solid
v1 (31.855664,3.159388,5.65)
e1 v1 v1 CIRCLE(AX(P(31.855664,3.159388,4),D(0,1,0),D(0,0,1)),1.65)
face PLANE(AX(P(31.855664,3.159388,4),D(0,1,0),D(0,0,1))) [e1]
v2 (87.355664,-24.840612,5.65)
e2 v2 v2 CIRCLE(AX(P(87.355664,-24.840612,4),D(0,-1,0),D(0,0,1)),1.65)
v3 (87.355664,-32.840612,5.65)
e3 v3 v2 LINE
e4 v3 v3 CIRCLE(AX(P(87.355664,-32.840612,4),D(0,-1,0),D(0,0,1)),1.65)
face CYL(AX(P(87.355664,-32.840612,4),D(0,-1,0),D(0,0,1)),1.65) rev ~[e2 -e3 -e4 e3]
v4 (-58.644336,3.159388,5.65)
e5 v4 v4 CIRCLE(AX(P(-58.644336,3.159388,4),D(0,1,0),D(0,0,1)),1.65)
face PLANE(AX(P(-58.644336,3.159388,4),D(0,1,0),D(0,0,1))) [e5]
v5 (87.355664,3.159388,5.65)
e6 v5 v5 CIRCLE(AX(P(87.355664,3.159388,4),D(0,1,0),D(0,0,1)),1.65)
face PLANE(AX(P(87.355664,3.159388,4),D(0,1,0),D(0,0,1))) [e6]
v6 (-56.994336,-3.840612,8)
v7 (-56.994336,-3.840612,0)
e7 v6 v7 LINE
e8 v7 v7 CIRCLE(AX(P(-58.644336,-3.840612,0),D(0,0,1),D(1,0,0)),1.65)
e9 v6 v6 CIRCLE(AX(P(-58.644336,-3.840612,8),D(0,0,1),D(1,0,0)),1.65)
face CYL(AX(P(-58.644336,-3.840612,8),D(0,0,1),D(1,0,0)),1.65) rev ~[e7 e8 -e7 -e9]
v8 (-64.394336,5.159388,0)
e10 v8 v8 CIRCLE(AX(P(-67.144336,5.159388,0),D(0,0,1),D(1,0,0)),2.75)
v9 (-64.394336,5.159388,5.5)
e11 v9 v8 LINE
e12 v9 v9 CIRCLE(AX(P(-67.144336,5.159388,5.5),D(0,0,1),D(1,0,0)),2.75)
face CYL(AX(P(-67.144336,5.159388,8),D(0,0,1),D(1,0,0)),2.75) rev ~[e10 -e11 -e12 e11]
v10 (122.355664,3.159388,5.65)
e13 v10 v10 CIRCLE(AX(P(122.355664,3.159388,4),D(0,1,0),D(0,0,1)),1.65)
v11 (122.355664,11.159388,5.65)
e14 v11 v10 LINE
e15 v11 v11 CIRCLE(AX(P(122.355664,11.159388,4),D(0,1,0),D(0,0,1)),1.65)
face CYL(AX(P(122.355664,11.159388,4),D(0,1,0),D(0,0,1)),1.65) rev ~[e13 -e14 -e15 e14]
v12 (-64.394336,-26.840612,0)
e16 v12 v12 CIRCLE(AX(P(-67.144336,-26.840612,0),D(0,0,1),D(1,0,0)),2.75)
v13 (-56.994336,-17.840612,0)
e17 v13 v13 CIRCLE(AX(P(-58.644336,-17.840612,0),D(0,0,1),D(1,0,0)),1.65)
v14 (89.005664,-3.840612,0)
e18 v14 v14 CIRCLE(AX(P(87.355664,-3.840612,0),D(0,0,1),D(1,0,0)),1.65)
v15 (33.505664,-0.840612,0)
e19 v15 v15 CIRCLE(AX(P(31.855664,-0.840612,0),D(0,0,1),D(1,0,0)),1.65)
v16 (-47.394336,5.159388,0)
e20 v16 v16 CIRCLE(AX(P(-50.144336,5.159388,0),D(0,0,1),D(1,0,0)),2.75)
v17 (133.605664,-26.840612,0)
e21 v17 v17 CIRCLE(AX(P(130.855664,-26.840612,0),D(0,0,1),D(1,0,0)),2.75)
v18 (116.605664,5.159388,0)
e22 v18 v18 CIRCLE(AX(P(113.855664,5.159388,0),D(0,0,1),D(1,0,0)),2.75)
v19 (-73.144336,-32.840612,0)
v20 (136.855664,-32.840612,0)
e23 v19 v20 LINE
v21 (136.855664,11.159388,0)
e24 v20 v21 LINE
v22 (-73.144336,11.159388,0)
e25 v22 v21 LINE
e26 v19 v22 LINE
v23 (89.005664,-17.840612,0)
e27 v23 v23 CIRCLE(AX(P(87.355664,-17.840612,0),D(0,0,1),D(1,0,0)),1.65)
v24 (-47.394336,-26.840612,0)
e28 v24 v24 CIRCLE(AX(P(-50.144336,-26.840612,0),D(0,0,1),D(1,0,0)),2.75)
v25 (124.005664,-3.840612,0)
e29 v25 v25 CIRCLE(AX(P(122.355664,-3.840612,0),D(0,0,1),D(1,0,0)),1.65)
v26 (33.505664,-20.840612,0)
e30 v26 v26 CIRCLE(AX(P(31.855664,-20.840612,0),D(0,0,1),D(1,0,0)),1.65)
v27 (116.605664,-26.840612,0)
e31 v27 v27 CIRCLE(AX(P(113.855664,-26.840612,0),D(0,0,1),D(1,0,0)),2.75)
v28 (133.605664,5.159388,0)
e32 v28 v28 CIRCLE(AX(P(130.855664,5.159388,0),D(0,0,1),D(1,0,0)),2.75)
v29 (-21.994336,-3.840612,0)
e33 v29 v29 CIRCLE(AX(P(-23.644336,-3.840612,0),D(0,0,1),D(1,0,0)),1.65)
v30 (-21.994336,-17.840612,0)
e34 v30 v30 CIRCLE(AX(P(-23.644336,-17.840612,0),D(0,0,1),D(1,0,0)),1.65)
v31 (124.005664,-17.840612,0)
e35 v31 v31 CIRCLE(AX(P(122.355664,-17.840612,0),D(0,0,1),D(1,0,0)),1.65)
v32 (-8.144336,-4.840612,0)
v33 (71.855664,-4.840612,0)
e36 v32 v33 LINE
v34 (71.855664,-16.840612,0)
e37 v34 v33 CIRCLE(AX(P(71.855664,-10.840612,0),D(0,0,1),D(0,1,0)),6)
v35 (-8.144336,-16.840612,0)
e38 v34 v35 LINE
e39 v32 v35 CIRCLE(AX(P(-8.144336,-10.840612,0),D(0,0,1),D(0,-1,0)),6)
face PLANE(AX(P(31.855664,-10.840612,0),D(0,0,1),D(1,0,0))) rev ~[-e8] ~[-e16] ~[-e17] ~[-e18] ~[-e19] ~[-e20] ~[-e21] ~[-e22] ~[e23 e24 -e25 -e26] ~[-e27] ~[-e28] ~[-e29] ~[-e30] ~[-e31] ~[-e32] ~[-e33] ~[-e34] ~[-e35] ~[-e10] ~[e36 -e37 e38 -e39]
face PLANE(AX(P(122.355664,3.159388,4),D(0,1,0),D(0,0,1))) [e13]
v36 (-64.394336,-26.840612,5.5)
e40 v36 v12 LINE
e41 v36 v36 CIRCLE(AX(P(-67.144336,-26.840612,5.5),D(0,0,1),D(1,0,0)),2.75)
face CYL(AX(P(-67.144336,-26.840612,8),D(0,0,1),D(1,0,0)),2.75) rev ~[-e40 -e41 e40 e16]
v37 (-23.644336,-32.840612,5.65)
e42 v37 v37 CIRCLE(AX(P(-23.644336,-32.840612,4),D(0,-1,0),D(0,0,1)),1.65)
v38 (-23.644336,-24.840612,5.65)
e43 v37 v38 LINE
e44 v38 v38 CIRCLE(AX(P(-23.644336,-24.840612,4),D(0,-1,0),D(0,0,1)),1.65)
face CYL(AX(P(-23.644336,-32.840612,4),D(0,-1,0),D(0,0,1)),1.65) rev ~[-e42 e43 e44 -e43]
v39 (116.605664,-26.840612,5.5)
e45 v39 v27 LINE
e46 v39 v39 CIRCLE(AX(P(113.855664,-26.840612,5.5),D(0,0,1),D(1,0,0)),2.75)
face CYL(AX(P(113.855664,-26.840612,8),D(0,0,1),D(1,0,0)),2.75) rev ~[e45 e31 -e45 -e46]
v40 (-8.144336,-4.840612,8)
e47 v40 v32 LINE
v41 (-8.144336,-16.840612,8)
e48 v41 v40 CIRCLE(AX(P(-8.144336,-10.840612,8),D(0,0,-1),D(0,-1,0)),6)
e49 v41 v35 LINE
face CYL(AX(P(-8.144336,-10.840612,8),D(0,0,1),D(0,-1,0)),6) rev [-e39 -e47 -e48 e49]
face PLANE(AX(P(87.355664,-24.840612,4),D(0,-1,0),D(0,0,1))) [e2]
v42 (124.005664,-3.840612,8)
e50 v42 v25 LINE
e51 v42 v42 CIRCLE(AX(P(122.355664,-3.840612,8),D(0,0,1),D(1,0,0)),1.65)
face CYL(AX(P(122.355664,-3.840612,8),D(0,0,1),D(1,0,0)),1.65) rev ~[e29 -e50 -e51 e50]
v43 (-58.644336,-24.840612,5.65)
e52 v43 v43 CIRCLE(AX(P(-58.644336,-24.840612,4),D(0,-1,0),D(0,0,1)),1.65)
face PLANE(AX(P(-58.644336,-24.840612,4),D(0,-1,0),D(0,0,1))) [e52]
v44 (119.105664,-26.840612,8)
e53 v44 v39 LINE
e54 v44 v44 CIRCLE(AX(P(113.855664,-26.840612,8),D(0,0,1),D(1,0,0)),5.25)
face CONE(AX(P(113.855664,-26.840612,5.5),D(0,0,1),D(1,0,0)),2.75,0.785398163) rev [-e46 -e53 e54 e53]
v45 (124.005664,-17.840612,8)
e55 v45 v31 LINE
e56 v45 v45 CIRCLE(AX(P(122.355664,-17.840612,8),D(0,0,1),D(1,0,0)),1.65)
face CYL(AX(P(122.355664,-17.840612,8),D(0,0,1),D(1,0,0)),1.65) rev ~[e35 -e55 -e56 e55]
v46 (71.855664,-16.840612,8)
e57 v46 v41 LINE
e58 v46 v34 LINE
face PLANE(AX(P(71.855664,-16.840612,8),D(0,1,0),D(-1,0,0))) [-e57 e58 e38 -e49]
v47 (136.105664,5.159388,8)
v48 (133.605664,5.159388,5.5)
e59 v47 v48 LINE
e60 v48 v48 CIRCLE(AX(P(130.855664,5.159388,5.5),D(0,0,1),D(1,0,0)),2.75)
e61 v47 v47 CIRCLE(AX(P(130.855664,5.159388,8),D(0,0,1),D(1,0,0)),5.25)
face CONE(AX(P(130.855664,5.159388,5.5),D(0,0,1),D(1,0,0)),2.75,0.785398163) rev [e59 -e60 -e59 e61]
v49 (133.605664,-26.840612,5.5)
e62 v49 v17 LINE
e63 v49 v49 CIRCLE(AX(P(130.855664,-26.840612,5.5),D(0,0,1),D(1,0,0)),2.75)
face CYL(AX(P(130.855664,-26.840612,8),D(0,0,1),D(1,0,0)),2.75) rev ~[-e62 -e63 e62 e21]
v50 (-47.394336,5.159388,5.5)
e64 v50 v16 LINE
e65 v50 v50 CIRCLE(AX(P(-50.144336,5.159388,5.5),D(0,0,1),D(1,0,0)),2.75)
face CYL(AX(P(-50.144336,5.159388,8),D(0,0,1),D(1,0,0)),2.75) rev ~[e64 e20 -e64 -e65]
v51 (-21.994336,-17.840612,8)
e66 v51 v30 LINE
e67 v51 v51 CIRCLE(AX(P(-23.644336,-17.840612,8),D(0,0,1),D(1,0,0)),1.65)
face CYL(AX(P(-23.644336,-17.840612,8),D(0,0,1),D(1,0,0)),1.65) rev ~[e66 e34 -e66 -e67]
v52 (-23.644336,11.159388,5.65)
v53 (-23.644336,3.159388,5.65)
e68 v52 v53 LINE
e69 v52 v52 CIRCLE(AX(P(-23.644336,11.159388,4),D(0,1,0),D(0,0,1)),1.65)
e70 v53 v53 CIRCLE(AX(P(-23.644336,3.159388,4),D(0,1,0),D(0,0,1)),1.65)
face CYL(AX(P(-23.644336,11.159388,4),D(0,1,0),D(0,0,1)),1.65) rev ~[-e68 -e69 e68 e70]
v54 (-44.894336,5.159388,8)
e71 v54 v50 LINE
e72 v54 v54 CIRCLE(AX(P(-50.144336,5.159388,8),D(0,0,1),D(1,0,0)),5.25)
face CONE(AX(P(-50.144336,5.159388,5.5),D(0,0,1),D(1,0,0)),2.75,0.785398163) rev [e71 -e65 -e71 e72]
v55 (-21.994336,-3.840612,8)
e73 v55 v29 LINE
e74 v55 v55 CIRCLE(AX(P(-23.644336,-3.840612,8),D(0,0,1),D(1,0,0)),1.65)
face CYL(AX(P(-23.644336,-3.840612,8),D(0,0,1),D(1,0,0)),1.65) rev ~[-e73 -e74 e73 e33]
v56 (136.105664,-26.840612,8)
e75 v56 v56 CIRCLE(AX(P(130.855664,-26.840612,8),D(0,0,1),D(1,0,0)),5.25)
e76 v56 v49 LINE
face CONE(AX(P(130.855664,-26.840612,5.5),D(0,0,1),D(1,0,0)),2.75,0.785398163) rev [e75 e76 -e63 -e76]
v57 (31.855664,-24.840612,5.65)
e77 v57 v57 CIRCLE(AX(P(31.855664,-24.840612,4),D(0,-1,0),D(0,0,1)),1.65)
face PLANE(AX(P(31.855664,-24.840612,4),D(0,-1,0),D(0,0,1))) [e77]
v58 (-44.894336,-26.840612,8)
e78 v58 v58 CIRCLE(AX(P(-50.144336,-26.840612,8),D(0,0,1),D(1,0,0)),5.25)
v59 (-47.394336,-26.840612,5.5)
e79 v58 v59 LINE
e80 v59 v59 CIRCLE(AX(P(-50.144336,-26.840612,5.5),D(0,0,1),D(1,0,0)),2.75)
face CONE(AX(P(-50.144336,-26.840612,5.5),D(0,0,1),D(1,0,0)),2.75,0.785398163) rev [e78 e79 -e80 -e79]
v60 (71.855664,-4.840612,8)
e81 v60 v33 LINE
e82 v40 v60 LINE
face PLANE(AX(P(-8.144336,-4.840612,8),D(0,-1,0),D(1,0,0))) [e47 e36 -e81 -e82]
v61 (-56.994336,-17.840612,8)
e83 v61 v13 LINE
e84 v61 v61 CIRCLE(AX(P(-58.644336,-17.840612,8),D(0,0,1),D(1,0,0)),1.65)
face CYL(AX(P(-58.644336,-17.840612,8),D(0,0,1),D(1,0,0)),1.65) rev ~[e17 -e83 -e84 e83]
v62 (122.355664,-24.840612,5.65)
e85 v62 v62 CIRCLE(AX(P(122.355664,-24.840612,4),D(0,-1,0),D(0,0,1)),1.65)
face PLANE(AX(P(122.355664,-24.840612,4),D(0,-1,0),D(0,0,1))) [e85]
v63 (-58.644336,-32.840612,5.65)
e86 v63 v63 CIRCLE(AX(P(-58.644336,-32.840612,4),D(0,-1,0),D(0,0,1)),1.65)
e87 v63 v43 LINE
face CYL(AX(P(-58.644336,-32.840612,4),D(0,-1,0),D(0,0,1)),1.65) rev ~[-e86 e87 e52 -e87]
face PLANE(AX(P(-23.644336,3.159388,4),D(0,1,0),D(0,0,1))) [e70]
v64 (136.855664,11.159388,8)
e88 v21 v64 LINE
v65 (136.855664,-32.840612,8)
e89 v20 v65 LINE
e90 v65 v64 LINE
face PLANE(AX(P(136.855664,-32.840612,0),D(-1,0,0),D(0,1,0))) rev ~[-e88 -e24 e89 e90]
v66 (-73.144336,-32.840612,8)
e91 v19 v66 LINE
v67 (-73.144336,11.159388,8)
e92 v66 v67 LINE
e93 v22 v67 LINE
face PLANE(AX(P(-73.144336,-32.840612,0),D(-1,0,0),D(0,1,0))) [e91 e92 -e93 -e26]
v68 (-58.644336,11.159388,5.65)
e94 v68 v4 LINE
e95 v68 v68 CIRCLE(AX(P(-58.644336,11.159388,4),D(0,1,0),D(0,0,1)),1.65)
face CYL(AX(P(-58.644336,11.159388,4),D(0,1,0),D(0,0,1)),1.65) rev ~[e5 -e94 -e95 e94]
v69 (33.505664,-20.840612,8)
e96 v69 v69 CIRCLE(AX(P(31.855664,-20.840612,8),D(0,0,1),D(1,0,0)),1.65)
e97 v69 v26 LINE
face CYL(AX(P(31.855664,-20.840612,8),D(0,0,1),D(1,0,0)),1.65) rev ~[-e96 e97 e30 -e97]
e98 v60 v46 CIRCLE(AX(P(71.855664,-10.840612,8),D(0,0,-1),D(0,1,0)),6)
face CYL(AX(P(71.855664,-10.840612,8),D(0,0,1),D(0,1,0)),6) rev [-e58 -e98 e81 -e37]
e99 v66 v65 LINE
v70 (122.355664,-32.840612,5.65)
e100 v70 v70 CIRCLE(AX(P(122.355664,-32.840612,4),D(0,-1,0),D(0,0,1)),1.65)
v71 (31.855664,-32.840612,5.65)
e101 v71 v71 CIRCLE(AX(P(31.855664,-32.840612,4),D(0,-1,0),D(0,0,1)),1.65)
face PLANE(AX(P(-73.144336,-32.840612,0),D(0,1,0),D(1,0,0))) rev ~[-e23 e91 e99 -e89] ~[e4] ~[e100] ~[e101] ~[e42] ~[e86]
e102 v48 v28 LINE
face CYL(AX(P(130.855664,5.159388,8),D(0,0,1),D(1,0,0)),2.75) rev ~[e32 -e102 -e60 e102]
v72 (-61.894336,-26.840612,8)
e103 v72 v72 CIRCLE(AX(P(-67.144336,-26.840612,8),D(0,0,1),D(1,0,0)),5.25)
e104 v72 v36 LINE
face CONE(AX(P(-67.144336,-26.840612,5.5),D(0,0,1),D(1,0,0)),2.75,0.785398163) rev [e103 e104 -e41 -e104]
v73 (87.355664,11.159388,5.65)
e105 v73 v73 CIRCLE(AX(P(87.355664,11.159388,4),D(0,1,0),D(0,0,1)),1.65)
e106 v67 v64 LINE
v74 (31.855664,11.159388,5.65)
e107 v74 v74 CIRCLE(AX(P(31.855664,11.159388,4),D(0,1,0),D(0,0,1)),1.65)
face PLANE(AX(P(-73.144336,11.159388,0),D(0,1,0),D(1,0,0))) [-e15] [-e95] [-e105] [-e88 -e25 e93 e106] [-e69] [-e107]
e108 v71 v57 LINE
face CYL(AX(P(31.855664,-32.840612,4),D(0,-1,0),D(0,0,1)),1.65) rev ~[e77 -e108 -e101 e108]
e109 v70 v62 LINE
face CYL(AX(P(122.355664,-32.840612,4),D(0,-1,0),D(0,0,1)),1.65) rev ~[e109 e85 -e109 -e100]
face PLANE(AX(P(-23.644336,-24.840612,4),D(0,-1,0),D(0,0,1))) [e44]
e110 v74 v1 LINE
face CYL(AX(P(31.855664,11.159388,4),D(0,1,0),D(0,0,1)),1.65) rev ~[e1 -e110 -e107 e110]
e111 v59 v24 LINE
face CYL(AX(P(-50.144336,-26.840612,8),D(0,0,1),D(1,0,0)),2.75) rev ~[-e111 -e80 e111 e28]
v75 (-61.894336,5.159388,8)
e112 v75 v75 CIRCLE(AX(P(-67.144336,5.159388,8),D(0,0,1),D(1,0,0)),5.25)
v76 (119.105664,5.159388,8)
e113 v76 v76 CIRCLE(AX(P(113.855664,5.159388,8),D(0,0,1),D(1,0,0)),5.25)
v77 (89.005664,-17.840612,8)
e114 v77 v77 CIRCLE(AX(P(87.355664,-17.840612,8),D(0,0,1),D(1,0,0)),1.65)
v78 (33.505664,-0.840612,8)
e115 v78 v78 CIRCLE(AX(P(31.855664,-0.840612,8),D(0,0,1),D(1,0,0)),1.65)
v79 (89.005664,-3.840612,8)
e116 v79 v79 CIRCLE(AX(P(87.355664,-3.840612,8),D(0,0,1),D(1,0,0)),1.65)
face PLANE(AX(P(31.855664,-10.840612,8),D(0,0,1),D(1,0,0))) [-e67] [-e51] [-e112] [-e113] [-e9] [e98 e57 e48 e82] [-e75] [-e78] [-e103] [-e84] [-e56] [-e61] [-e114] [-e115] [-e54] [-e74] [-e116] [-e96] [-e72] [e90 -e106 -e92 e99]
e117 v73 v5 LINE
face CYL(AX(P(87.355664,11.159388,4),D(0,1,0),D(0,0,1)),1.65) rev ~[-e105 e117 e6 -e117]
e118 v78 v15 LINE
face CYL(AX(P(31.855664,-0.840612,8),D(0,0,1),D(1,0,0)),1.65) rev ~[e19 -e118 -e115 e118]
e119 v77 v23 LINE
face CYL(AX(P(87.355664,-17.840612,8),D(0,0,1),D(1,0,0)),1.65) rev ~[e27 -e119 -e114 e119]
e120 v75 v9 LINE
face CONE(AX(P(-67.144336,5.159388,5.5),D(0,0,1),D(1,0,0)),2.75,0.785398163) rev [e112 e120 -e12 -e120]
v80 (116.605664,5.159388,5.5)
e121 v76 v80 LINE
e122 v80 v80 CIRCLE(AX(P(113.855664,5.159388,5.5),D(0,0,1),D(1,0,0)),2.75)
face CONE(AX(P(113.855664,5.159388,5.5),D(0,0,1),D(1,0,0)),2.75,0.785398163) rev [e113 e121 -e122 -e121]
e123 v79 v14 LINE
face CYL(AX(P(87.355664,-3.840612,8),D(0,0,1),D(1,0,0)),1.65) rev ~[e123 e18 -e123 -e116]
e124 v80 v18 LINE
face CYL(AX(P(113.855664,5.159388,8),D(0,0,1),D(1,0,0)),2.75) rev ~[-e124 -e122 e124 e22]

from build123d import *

# Parameters (mm, degrees)
ESQUISSE1_W             = 210
ESQUISSE1_H             = 44
BOSS_EXTRU_1_DEPTH      = 8
ESQUISSE2_R             = 2.75
ENL_V_MAT_EXTRU_1_DEPTH = 9
CHANFREIN1_SIZE         = 2.5
ENL_V_MAT_EXTRU_2_DEPTH = 9
ESQUISSE4_R             = 1.65
ENL_V_MAT_EXTRU_3_DEPTH = 9
ESQUISSE5_R             = 1.65
ENL_V_MAT_EXTRU_4_DEPTH = 8
ESQUISSE6_R             = 1.65
ENL_V_MAT_EXTRU_5_DEPTH = 8


with BuildPart() as part:
    # Esquisse1 → Boss.-Extru.1 (new body)
    with BuildSketch(Plane.XY):
        with Locations((31.855664279, -10.840611814)):
            Rectangle(ESQUISSE1_W, ESQUISSE1_H)
    extrude(amount=BOSS_EXTRU_1_DEPTH)

    # Esquisse2 → Enlèv. mat.-Extru.1 (cut, through all)
    with BuildSketch(Plane.XY.offset(8)):
        with Locations((-67.144335721, 5.159388186)):
            Circle(ESQUISSE2_R)
        with Locations((-67.144335721, -26.840611814)):
            Circle(ESQUISSE2_R)
        with Locations((-50.144335721, 5.159388186)):
            Circle(ESQUISSE2_R)
        with Locations((-50.144335721, -26.840611814)):
            Circle(ESQUISSE2_R)
        with Locations((130.855664279, 5.159388186)):
            Circle(ESQUISSE2_R)
        with Locations((130.855664279, -26.840611814)):
            Circle(ESQUISSE2_R)
        with Locations((113.855664279, 5.159388186)):
            Circle(ESQUISSE2_R)
        with Locations((113.855664279, -26.840611814)):
            Circle(ESQUISSE2_R)
    extrude(amount=-ENL_V_MAT_EXTRU_1_DEPTH, mode=Mode.SUBTRACT)

    # Chanfrein1
    chanfrein1_edges = [part.edges().sort_by_distance(p)[0] for p in [
        (-69.894335721, 5.159388186, 8),
        (-69.894335721, -26.840611814, 8),
        (-52.894335721, 5.159388186, 8),
        (-52.894335721, -26.840611814, 8),
        (128.105664279, 5.159388186, 8),
        (128.105664279, -26.840611814, 8),
        (111.105664279, 5.159388186, 8),
        (111.105664279, -26.840611814, 8),
    ]]
    chamfer(chanfrein1_edges, length=CHANFREIN1_SIZE)

    # Esquisse3 → Enlèv. mat.-Extru.2 (cut, through all)
    with BuildSketch(Plane.XY.offset(8)):
        with BuildLine():
            Line((-8.144335721, -4.840611814), (71.855664279, -4.840611814))
            ThreePointArc((71.855664279, -4.840611814), (77.855664279, -10.840611814), (71.855664279, -16.840611814))
            Line((71.855664279, -16.840611814), (-8.144335721, -16.840611814))
            ThreePointArc((-8.144335721, -16.840611814), (-14.144335721, -10.840611814), (-8.144335721, -4.840611814))
        make_face()
    extrude(amount=-ENL_V_MAT_EXTRU_2_DEPTH, mode=Mode.SUBTRACT)

    # Esquisse4 → Enlèv. mat.-Extru.3 (cut, through all)
    with BuildSketch(Plane.XY.offset(8)):
        with Locations((-58.644335721, -17.840611814)):
            Circle(ESQUISSE4_R)
        with Locations((-58.644335721, -3.840611814)):
            Circle(ESQUISSE4_R)
        with Locations((-23.644335721, -3.840611814)):
            Circle(ESQUISSE4_R)
        with Locations((-23.644335721, -17.840611814)):
            Circle(ESQUISSE4_R)
        with Locations((87.355664279, -3.840611814)):
            Circle(ESQUISSE4_R)
        with Locations((87.355664279, -17.840611814)):
            Circle(ESQUISSE4_R)
        with Locations((122.355664279, -3.840611814)):
            Circle(ESQUISSE4_R)
        with Locations((122.355664279, -17.840611814)):
            Circle(ESQUISSE4_R)
        with Locations((31.855664279, -0.840611814)):
            Circle(ESQUISSE4_R)
        with Locations((31.855664279, -20.840611814)):
            Circle(ESQUISSE4_R)
    extrude(amount=-ENL_V_MAT_EXTRU_3_DEPTH, mode=Mode.SUBTRACT)

    # Esquisse5 → Enlèv. mat.-Extru.4 (cut)
    with BuildSketch(Plane(origin=(0, 11.159388186, 0), x_dir=(1, 0, 0), z_dir=(0, 1, 0))):
        with Locations(Location((-58.644335721, -4, 0), (0, 0, 270))):  # turned: the seam where the file's is
            Circle(ESQUISSE5_R)
        with Locations(Location((-23.644335721, -4, 0), (0, 0, 270))):  # turned: the seam where the file's is
            Circle(ESQUISSE5_R)
        with Locations(Location((87.355664279, -4, 0), (0, 0, 270))):  # turned: the seam where the file's is
            Circle(ESQUISSE5_R)
        with Locations(Location((122.355664279, -4, 0), (0, 0, 270))):  # turned: the seam where the file's is
            Circle(ESQUISSE5_R)
        with Locations(Location((31.855664279, -4, 0), (0, 0, 270))):  # turned: the seam where the file's is
            Circle(ESQUISSE5_R)
    extrude(amount=-ENL_V_MAT_EXTRU_4_DEPTH, mode=Mode.SUBTRACT)

    # Esquisse6 → Enlèv. mat.-Extru.5 (cut)
    with BuildSketch(Plane.XZ.offset(32.840611814)):
        with Locations(Location((-58.644335721, 4, 0), (0, 0, 90))):  # turned: the seam where the file's is
            Circle(ESQUISSE6_R)
        with Locations(Location((-23.644335721, 4, 0), (0, 0, 90))):  # turned: the seam where the file's is
            Circle(ESQUISSE6_R)
        with Locations(Location((87.355664279, 4, 0), (0, 0, 90))):  # turned: the seam where the file's is
            Circle(ESQUISSE6_R)
        with Locations(Location((122.355664279, 4, 0), (0, 0, 90))):  # turned: the seam where the file's is
            Circle(ESQUISSE6_R)
        with Locations(Location((31.855664279, 4, 0), (0, 0, 90))):  # turned: the seam where the file's is
            Circle(ESQUISSE6_R)
    extrude(amount=-ENL_V_MAT_EXTRU_5_DEPTH, mode=Mode.SUBTRACT)


solid = part.part
